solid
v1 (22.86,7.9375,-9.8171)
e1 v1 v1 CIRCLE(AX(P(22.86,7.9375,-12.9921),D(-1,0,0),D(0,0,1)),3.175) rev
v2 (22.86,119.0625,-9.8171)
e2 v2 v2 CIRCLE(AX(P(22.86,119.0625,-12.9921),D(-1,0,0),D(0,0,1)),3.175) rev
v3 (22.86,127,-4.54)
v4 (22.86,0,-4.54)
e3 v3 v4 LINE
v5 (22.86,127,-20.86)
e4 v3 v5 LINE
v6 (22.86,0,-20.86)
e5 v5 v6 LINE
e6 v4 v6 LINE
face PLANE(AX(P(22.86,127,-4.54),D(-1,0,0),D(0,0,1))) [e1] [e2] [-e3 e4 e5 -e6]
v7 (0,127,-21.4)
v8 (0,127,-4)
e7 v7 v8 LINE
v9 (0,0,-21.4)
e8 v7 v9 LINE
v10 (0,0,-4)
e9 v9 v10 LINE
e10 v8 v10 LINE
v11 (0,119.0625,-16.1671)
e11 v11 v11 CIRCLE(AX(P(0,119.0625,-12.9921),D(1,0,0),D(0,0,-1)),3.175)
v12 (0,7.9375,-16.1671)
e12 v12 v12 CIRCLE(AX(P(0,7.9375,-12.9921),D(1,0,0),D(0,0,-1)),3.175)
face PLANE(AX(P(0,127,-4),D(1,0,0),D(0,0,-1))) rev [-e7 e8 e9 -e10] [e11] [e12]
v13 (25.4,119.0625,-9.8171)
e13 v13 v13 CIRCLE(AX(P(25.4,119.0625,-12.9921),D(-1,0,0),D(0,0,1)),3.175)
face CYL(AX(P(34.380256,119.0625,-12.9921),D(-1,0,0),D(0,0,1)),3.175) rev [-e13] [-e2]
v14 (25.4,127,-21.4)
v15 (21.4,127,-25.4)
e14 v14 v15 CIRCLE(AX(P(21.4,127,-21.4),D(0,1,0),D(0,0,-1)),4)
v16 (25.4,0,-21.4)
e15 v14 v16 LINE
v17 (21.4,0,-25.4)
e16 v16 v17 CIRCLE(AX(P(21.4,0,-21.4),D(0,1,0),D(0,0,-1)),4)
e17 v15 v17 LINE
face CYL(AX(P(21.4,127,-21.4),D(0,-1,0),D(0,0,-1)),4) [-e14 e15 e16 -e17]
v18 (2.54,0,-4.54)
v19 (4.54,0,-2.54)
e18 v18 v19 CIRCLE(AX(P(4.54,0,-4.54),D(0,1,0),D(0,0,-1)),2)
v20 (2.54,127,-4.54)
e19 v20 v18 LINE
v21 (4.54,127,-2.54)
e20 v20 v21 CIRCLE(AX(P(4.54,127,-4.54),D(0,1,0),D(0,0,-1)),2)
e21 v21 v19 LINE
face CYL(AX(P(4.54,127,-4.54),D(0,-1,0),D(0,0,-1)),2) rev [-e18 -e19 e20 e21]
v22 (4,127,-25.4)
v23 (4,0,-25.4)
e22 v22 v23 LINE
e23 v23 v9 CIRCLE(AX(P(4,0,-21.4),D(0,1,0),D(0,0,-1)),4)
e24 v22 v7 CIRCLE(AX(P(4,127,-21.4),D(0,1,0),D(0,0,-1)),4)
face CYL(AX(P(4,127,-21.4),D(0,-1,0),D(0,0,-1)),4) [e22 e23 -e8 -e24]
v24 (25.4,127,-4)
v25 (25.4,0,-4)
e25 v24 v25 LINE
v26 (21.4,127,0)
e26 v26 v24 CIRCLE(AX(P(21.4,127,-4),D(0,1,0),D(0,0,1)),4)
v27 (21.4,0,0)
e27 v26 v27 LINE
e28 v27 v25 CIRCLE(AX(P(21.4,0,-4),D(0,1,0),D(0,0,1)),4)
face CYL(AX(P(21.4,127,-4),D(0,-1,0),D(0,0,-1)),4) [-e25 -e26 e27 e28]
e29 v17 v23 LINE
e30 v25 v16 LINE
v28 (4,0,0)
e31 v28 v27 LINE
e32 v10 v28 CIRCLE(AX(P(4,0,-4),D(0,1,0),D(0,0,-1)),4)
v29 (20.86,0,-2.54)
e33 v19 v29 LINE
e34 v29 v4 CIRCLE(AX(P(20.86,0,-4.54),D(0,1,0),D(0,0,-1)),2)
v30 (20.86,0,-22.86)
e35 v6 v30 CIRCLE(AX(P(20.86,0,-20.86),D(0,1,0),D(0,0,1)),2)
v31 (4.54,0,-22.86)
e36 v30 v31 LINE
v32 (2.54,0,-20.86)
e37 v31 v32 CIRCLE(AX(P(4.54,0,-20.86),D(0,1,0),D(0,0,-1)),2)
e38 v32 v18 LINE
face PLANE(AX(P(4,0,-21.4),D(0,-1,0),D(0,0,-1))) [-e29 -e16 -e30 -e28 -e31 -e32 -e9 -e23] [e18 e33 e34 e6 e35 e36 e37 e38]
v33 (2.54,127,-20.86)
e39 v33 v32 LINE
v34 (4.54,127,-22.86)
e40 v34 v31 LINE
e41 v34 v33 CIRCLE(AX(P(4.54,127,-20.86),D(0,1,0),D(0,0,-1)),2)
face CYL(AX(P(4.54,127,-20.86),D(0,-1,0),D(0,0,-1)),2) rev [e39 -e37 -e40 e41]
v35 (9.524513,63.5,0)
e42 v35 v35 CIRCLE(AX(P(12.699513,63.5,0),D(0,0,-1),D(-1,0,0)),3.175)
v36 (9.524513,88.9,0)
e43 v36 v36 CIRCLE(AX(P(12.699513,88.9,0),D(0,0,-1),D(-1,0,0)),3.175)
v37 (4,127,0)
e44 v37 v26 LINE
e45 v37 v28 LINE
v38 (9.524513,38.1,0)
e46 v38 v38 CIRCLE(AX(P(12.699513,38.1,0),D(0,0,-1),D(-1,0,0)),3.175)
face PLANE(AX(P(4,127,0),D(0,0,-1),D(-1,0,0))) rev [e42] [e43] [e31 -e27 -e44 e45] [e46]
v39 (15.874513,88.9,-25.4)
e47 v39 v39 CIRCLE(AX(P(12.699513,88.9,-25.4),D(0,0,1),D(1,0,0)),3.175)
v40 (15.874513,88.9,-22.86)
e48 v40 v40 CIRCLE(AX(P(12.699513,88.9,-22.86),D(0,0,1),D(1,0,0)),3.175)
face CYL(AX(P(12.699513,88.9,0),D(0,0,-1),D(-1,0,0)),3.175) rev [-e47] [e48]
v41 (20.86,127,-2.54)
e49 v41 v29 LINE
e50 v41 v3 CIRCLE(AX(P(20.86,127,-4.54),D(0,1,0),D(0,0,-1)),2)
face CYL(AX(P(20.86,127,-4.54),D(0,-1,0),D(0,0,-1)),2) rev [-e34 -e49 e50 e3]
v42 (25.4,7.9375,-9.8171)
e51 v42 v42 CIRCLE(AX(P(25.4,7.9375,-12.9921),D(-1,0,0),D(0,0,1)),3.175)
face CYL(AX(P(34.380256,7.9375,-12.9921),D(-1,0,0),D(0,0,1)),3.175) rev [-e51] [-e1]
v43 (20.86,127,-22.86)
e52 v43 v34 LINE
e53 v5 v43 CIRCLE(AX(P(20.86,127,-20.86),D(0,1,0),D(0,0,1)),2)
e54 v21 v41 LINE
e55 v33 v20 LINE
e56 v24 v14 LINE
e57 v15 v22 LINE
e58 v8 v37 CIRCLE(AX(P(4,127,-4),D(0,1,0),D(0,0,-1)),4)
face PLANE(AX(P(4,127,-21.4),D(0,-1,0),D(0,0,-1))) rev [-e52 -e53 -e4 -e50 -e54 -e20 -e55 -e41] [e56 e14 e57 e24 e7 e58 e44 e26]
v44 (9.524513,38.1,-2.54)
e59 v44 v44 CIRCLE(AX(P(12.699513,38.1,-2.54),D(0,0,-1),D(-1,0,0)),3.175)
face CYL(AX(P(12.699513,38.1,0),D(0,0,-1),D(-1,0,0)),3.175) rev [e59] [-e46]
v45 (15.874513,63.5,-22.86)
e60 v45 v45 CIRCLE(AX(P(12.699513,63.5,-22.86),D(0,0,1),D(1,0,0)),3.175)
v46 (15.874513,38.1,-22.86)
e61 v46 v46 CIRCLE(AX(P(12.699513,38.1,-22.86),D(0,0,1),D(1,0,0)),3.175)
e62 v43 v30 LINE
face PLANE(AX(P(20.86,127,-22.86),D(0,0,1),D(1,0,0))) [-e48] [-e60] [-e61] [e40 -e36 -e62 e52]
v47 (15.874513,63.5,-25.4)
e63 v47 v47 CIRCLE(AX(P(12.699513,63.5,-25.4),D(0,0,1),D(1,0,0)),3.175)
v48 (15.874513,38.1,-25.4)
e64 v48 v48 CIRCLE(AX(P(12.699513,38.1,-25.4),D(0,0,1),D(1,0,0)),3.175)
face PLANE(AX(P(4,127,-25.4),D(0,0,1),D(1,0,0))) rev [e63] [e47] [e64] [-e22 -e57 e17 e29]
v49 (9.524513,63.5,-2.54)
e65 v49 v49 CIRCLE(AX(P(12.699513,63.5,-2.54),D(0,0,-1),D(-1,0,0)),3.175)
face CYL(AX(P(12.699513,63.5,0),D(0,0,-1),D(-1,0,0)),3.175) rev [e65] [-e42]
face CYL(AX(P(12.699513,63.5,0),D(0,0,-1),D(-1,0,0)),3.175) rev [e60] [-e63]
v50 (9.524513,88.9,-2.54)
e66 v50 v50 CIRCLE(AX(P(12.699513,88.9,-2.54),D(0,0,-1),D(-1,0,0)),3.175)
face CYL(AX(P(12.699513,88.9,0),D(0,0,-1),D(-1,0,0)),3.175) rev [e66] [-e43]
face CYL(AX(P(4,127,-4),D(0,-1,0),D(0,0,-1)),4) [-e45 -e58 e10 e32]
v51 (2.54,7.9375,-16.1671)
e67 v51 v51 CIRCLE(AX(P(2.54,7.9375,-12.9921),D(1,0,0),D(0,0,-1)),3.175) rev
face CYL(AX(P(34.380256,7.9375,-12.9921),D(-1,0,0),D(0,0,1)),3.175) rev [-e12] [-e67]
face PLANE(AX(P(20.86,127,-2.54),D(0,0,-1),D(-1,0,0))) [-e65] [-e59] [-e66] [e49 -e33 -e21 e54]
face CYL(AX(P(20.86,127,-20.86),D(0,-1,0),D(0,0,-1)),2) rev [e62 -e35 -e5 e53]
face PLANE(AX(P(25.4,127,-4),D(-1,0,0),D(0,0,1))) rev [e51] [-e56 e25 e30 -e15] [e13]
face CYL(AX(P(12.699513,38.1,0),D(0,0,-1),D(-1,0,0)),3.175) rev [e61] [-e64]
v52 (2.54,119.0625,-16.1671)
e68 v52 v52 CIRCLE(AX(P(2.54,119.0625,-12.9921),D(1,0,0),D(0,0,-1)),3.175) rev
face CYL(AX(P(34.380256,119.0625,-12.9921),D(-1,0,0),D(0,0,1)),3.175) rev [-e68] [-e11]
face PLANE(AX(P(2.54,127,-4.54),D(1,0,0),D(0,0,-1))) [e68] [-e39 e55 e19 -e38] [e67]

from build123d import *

# Parameters (mm, degrees)
BOSS_EXTRUDE1_DEPTH     = 127
SKETCH2_R               = 3.175
CUT_EXTRUDE1_DEPTH      = 25.4
SKETCH3_R               = 3.175
CUT_EXTRUDE2_DEPTH      = 1
CUT_EXTRUDE2_DEPTH_BACK = 26.4


with BuildPart() as part:
    # Sketch1 → Boss-Extrude1 (new body)
    with BuildSketch(Plane(origin=(0, 0, 0), x_dir=(1, 0, 0), z_dir=(0, 1, 0))):
        with BuildLine():
            Line((4, 0), (21.4, 0))
            ThreePointArc((21.4, 0), (24.228427125, 1.171572875), (25.4, 4))
            Line((25.4, 4), (25.4, 21.4))
            ThreePointArc((25.4, 21.4), (24.228427125, 24.228427125), (21.4, 25.4))
            Line((21.4, 25.4), (4, 25.4))
            ThreePointArc((4, 25.4), (1.171572875, 24.228427125), (0, 21.4))
            Line((0, 21.4), (0, 4))
            ThreePointArc((0, 4), (1.171572875, 1.171572875), (4, 0))
        make_face()
        with BuildLine():
            Line((20.86, 2.54), (4.54, 2.54))
            ThreePointArc((4.54, 2.54), (3.125786438, 3.125786438), (2.54, 4.54))
            Line((2.54, 4.54), (2.54, 20.86))
            ThreePointArc((2.54, 20.86), (3.125786438, 22.274213562), (4.54, 22.86))
            Line((4.54, 22.86), (20.86, 22.86))
            ThreePointArc((20.86, 22.86), (22.274213562, 22.274213562), (22.86, 20.86))
            Line((22.86, 20.86), (22.86, 4.54))
            ThreePointArc((22.86, 4.54), (22.274213562, 3.125786438), (20.86, 2.54))
        make_face(mode=Mode.SUBTRACT)
    extrude(amount=BOSS_EXTRUDE1_DEPTH)

    # Sketch2 → Cut-Extrude1 (cut)
    with BuildSketch(Plane(origin=(0, 0, 0), x_dir=(0, 0, -1), z_dir=(1, 0, 0))):
        with Locations((12.9921, 7.9375)):
            Circle(SKETCH2_R)
        with Locations((12.9921, 119.0625)):
            Circle(SKETCH2_R)
    extrude(amount=CUT_EXTRUDE1_DEPTH, mode=Mode.SUBTRACT)

    # Sketch3 → Cut-Extrude2 (cut, two sides)
    with BuildSketch(Plane(origin=(0, 0, -25.4), x_dir=(-1, 0, 0), z_dir=(0, 0, -1))) as cut_extrude2_sk:
        with Locations((-12.699512574, 88.9)):
            Circle(SKETCH3_R)
        with Locations((-12.699512574, 63.5)):
            Circle(SKETCH3_R)
        with Locations((-12.699512574, 38.1)):
            Circle(SKETCH3_R)
    extrude(amount=CUT_EXTRUDE2_DEPTH, mode=Mode.SUBTRACT)
    extrude(cut_extrude2_sk.sketch, amount=-CUT_EXTRUDE2_DEPTH_BACK, mode=Mode.SUBTRACT)


solid = part.part
